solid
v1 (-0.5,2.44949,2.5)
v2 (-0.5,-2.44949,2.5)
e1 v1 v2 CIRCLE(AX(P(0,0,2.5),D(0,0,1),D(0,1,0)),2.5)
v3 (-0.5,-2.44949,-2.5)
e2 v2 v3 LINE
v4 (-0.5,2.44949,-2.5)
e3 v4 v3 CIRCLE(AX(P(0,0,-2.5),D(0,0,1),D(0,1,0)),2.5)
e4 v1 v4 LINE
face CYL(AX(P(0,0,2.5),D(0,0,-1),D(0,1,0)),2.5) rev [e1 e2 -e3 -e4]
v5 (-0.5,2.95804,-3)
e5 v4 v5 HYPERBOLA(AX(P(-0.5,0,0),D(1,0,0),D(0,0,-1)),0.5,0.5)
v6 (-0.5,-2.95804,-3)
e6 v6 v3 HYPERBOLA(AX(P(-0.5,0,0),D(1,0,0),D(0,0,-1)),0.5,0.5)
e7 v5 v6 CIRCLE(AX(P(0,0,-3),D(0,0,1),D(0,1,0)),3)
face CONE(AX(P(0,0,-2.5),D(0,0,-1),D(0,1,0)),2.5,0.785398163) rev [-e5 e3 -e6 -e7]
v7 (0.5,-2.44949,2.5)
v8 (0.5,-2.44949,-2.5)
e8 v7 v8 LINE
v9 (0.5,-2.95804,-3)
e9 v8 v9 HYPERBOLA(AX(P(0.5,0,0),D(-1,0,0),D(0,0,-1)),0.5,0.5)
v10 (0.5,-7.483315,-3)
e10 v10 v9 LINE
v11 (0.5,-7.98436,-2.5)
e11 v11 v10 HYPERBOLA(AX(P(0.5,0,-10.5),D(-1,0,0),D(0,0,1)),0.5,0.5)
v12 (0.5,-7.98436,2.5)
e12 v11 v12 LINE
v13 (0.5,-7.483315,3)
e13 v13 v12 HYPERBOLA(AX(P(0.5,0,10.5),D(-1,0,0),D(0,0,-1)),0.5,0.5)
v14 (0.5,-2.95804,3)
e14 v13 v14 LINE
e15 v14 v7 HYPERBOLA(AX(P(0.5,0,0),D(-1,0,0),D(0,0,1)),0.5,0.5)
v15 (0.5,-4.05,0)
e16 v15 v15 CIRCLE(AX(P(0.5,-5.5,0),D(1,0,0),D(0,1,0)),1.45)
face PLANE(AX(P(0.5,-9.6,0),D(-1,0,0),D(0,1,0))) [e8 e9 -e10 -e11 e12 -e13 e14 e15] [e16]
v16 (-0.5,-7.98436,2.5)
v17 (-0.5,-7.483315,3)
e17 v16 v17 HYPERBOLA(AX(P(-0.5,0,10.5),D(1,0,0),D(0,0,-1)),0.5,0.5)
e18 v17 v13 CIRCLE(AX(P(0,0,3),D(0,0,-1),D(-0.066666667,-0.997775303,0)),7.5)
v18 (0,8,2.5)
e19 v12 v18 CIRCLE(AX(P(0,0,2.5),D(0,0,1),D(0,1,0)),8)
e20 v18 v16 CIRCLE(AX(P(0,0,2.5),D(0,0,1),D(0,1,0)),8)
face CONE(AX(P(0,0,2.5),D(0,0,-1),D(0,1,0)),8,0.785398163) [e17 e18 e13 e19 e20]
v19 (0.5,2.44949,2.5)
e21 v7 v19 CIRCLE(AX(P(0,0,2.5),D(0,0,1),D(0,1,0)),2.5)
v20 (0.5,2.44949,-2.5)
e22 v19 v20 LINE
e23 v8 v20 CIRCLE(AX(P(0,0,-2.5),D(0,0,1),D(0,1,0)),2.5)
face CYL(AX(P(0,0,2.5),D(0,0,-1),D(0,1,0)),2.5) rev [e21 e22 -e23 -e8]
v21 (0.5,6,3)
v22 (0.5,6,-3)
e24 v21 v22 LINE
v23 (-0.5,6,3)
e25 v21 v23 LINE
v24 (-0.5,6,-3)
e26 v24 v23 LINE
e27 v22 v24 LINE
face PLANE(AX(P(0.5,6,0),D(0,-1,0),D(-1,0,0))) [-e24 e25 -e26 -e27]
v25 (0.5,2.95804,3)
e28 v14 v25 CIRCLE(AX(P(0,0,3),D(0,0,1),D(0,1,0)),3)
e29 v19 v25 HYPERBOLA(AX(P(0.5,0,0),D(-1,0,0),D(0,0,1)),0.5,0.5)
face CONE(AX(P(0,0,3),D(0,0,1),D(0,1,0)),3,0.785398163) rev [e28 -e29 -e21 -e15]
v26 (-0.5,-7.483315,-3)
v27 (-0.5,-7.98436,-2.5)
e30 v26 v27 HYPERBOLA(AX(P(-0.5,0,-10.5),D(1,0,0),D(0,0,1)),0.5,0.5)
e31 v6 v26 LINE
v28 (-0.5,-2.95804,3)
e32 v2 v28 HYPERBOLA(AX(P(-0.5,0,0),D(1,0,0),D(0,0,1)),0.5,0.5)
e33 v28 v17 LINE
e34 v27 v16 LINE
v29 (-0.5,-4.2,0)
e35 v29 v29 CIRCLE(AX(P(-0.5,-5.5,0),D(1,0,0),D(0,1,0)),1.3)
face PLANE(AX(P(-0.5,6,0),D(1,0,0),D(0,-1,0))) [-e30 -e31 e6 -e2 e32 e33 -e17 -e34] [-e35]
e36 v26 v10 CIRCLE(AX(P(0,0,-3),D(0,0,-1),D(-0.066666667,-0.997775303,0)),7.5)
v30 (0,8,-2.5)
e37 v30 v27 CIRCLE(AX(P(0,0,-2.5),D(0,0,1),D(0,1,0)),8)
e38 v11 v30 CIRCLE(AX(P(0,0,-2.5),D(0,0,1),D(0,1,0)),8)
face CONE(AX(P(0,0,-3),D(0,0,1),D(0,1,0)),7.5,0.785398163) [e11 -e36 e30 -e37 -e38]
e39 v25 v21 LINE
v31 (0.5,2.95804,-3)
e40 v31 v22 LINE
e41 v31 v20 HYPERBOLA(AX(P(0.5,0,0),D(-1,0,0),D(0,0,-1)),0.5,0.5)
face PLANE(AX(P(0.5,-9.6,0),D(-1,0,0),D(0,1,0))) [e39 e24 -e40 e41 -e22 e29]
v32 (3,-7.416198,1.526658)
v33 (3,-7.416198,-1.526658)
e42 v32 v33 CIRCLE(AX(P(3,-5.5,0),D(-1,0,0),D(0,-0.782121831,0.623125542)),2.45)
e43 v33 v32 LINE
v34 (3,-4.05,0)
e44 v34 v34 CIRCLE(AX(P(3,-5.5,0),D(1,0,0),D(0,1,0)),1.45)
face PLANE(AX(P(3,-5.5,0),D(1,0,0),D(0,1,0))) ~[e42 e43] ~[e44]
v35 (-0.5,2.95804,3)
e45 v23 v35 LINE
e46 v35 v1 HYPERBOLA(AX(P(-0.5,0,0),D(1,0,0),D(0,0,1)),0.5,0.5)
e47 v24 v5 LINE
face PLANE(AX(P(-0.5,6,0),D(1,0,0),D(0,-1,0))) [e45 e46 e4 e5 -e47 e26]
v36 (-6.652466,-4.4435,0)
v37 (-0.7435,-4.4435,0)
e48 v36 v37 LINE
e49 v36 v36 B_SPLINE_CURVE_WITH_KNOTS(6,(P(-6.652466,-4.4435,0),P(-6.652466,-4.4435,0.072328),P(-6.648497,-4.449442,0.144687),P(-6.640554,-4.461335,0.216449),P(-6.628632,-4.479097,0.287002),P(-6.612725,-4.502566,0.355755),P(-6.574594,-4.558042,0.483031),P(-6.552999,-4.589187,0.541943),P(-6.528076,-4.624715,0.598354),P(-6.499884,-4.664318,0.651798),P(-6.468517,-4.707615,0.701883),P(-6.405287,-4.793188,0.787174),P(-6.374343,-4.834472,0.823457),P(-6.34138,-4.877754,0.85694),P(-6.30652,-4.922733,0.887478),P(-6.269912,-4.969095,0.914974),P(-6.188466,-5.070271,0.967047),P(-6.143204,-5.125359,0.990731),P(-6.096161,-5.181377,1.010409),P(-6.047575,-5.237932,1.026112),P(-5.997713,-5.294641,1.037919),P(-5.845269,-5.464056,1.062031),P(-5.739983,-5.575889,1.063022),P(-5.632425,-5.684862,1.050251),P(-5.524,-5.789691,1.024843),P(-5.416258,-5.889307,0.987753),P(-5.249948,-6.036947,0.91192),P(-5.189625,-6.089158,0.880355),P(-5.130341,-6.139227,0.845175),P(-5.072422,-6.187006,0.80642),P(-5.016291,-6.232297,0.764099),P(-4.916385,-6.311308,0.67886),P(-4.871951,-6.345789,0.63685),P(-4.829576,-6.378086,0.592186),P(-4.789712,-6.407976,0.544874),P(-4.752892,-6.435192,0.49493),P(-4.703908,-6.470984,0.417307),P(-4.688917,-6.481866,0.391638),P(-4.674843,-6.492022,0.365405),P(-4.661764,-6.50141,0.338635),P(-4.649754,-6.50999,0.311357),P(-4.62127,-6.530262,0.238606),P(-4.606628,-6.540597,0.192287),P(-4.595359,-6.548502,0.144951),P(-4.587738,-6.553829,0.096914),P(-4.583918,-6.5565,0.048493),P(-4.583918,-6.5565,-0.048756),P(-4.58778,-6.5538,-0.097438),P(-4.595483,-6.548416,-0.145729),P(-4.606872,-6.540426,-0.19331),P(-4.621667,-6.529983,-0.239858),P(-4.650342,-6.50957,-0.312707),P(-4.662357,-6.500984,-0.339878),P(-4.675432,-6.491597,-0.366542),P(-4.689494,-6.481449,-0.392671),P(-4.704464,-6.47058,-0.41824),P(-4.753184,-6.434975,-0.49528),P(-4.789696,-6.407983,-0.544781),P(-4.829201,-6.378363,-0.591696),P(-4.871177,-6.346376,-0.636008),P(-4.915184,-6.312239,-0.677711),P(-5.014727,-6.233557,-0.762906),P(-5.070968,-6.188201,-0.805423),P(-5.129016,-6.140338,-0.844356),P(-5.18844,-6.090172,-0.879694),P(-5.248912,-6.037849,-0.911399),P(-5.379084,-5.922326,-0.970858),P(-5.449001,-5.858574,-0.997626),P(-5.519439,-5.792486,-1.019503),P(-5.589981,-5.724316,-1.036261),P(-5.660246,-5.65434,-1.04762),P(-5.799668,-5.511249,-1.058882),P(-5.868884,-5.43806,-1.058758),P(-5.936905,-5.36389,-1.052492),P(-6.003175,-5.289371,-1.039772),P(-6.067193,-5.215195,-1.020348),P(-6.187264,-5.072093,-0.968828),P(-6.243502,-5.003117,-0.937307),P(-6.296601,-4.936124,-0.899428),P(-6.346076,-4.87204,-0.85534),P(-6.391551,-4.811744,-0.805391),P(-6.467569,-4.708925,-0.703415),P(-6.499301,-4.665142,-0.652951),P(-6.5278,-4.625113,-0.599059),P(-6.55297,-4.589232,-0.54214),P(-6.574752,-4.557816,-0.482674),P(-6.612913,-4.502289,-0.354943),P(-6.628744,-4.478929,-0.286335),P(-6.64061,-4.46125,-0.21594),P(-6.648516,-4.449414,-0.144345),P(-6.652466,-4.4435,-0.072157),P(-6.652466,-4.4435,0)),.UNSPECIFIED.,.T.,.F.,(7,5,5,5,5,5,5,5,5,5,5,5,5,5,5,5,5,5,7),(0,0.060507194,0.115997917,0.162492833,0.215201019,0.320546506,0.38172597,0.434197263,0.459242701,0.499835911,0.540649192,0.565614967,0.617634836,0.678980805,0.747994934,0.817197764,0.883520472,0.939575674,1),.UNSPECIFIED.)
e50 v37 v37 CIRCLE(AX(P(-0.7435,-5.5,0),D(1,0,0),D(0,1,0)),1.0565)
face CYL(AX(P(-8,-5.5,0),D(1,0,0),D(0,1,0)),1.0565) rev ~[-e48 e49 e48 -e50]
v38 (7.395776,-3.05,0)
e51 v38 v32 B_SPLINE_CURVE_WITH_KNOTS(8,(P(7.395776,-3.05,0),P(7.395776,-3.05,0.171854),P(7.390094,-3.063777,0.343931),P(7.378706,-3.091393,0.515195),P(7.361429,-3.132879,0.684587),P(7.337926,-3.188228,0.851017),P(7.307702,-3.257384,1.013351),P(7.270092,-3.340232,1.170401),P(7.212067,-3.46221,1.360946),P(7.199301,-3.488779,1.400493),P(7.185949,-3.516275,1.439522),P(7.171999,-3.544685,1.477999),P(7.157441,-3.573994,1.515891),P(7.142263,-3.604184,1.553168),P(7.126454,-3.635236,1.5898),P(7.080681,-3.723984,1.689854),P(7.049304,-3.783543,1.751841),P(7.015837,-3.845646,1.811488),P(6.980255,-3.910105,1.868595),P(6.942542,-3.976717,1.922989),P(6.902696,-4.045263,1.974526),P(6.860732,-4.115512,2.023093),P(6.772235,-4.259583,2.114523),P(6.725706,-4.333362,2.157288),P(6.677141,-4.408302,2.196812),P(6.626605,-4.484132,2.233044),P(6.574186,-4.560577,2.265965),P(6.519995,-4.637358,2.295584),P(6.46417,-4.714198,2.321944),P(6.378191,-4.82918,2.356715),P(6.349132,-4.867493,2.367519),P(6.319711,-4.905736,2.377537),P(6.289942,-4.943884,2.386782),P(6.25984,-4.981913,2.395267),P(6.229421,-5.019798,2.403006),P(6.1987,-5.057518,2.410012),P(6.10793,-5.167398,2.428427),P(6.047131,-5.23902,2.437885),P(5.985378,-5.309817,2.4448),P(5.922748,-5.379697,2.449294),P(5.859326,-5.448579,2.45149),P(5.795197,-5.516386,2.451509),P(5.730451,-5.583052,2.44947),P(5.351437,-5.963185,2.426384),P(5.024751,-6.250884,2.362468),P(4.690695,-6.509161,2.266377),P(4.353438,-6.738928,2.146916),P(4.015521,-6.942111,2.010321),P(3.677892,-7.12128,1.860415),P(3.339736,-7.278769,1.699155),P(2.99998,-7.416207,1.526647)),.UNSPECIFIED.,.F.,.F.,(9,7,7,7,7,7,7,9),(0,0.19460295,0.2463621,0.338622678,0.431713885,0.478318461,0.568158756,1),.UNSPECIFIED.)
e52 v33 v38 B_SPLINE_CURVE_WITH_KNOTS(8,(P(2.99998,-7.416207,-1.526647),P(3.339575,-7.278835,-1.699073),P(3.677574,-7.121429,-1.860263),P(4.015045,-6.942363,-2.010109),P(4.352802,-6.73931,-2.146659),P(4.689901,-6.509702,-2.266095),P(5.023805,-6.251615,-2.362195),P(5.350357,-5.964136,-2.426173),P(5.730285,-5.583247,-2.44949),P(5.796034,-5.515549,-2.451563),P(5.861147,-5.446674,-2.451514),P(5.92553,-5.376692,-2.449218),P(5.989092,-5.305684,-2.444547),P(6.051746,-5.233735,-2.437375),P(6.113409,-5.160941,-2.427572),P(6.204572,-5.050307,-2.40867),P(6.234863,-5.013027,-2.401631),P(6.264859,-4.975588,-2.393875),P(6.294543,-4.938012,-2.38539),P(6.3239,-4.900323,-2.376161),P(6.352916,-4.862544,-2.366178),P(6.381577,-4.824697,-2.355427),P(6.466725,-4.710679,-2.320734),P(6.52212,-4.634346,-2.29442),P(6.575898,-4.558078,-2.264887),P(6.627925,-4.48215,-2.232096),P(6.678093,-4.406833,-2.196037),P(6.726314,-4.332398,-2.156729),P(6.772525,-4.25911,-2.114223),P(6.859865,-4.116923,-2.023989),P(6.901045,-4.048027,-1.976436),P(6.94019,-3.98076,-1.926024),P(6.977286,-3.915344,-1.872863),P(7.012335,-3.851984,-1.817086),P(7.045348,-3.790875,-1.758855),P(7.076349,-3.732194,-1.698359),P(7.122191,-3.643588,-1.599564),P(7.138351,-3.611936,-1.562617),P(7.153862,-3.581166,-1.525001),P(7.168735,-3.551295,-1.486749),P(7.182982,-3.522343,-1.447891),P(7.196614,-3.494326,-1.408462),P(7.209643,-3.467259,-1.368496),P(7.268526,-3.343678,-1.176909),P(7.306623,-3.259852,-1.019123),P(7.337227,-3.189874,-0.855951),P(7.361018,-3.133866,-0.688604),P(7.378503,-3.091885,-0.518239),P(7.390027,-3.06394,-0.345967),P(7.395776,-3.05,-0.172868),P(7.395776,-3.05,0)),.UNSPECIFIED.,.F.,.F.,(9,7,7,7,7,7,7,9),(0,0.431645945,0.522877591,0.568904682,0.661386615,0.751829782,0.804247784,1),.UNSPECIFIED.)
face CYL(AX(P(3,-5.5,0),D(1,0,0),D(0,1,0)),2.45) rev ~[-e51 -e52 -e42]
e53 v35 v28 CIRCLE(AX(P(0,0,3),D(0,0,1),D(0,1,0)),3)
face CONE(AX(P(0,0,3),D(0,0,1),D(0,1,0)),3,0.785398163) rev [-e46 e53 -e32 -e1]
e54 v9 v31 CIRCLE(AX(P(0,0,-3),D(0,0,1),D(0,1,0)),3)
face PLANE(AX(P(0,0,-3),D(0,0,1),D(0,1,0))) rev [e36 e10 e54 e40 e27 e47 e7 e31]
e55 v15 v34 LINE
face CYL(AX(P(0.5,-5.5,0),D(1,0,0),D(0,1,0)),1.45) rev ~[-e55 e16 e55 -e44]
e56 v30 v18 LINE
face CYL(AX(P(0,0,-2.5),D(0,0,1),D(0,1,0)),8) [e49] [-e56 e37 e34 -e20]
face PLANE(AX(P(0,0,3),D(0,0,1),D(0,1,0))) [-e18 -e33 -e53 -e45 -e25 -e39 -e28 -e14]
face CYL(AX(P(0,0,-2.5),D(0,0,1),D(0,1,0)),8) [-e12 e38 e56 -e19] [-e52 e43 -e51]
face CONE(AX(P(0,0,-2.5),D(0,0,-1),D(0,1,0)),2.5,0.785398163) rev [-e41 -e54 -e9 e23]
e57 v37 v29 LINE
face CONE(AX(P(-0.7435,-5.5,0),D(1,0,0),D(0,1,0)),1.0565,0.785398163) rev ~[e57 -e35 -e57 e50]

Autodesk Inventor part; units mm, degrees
sketch "Sketch_1" plane through (0, 0, 0) normal (1, 0, 0) x (0, 1, 0)
  line L0 (0, -5) -> (0, 5)
  line L1 (7.5, 3) -> (3, 3)
  line L2 (3, 3) -> (2.5, 2.5)
  line L3 (2.5, 2.5) -> (2.5, -2.5)
  line L4 (2.5, -2.5) -> (3, -3)
  line L5 (3, -3) -> (7.5, -3)
  line L6 (7.5, -3) -> (8, -2.5)
  line L7 (8, -2.5) -> (8, 2.5)
  line L8 (8, 2.5) -> (7.5, 3)
revolve "Revolution1" add sketch "Sketch_1" angle 360 about axis through (0, 0, -5) along (0, 0, 1)
sketch "Sketch_2" plane through (0, 0, 0) normal (0, 0, 1) x (1, 0, 0)
  line L0 (9.6, -5.5) -> (0.5, -5.5)
  line L1 (0.5, -5.5) -> (0.5, -4.05)
  line L2 (0.5, -4.05) -> (3, -4.05)
  line L3 (3, -4.05) -> (3, -3.05)
  line L4 (3, -3.05) -> (9.6, -3.05)
  line L5 (9.6, -3.05) -> (9.6, -5.5)
  line L6 (9.6, -5.5) -> (0.5, -5.5)
revolve "Revolution2" cut sketch "Sketch_2" angle 360 about axis through (9.6, -5.5, 0) along (1, 0, 0)
sketch "Sketch_3" plane through (0, 0, 0) normal (0, 0, 1) x (1, 0, 0)
  line L0 (-0.5, -5.5) -> (-8, -5.5)
  line L1 (-8, -5.5) -> (-8, -4.4435)
  line L2 (-8, -4.4435) -> (-0.7435, -4.4435)
  line L3 (-0.7435, -4.4435) -> (-0.5, -4.2)
  line L4 (-0.5, -4.2) -> (-0.5, -5.5)
  line L5 (-0.5, -5.5) -> (-8, -5.5)
revolve "Revolution3" cut sketch "Sketch_3" angle 360 about axis through (-0.5, -5.5, 0) along (1, 0, 0)
thread "Thread1" size "M2.6x0.45" class "6H" standard "ISO Metric profile" full length
sketch "Sketch_5" plane through (0, 0, 0) normal (0, 0, 1) x (1, 0, 0)
  line L0 (-0.5, 6) -> (-0.5, -9.6)
  line L1 (-0.5, -9.6) -> (0.5, -9.6)
  line L2 (0.5, -9.6) -> (0.5, 6)
  line L3 (0.5, 6) -> (-0.5, 6)
extrude "Extrusion1" cut sketch "Sketch_5" along normal mid plane 6
ref_plane "to_screw_XY" through (3, -5.5, 0) normal (1, 0, 0) x (0, 0, -1)
ref_plane "to_screw_YZ" through (3, -5.5, 0) normal (0, 0, -1) x (0, 1, 0)
ref_plane "to_screw_ZX" through (3, -5.5, 0) normal (0, 1, 0) x (1, 0, 0)
properties part number "SSCSJ5-6b"
